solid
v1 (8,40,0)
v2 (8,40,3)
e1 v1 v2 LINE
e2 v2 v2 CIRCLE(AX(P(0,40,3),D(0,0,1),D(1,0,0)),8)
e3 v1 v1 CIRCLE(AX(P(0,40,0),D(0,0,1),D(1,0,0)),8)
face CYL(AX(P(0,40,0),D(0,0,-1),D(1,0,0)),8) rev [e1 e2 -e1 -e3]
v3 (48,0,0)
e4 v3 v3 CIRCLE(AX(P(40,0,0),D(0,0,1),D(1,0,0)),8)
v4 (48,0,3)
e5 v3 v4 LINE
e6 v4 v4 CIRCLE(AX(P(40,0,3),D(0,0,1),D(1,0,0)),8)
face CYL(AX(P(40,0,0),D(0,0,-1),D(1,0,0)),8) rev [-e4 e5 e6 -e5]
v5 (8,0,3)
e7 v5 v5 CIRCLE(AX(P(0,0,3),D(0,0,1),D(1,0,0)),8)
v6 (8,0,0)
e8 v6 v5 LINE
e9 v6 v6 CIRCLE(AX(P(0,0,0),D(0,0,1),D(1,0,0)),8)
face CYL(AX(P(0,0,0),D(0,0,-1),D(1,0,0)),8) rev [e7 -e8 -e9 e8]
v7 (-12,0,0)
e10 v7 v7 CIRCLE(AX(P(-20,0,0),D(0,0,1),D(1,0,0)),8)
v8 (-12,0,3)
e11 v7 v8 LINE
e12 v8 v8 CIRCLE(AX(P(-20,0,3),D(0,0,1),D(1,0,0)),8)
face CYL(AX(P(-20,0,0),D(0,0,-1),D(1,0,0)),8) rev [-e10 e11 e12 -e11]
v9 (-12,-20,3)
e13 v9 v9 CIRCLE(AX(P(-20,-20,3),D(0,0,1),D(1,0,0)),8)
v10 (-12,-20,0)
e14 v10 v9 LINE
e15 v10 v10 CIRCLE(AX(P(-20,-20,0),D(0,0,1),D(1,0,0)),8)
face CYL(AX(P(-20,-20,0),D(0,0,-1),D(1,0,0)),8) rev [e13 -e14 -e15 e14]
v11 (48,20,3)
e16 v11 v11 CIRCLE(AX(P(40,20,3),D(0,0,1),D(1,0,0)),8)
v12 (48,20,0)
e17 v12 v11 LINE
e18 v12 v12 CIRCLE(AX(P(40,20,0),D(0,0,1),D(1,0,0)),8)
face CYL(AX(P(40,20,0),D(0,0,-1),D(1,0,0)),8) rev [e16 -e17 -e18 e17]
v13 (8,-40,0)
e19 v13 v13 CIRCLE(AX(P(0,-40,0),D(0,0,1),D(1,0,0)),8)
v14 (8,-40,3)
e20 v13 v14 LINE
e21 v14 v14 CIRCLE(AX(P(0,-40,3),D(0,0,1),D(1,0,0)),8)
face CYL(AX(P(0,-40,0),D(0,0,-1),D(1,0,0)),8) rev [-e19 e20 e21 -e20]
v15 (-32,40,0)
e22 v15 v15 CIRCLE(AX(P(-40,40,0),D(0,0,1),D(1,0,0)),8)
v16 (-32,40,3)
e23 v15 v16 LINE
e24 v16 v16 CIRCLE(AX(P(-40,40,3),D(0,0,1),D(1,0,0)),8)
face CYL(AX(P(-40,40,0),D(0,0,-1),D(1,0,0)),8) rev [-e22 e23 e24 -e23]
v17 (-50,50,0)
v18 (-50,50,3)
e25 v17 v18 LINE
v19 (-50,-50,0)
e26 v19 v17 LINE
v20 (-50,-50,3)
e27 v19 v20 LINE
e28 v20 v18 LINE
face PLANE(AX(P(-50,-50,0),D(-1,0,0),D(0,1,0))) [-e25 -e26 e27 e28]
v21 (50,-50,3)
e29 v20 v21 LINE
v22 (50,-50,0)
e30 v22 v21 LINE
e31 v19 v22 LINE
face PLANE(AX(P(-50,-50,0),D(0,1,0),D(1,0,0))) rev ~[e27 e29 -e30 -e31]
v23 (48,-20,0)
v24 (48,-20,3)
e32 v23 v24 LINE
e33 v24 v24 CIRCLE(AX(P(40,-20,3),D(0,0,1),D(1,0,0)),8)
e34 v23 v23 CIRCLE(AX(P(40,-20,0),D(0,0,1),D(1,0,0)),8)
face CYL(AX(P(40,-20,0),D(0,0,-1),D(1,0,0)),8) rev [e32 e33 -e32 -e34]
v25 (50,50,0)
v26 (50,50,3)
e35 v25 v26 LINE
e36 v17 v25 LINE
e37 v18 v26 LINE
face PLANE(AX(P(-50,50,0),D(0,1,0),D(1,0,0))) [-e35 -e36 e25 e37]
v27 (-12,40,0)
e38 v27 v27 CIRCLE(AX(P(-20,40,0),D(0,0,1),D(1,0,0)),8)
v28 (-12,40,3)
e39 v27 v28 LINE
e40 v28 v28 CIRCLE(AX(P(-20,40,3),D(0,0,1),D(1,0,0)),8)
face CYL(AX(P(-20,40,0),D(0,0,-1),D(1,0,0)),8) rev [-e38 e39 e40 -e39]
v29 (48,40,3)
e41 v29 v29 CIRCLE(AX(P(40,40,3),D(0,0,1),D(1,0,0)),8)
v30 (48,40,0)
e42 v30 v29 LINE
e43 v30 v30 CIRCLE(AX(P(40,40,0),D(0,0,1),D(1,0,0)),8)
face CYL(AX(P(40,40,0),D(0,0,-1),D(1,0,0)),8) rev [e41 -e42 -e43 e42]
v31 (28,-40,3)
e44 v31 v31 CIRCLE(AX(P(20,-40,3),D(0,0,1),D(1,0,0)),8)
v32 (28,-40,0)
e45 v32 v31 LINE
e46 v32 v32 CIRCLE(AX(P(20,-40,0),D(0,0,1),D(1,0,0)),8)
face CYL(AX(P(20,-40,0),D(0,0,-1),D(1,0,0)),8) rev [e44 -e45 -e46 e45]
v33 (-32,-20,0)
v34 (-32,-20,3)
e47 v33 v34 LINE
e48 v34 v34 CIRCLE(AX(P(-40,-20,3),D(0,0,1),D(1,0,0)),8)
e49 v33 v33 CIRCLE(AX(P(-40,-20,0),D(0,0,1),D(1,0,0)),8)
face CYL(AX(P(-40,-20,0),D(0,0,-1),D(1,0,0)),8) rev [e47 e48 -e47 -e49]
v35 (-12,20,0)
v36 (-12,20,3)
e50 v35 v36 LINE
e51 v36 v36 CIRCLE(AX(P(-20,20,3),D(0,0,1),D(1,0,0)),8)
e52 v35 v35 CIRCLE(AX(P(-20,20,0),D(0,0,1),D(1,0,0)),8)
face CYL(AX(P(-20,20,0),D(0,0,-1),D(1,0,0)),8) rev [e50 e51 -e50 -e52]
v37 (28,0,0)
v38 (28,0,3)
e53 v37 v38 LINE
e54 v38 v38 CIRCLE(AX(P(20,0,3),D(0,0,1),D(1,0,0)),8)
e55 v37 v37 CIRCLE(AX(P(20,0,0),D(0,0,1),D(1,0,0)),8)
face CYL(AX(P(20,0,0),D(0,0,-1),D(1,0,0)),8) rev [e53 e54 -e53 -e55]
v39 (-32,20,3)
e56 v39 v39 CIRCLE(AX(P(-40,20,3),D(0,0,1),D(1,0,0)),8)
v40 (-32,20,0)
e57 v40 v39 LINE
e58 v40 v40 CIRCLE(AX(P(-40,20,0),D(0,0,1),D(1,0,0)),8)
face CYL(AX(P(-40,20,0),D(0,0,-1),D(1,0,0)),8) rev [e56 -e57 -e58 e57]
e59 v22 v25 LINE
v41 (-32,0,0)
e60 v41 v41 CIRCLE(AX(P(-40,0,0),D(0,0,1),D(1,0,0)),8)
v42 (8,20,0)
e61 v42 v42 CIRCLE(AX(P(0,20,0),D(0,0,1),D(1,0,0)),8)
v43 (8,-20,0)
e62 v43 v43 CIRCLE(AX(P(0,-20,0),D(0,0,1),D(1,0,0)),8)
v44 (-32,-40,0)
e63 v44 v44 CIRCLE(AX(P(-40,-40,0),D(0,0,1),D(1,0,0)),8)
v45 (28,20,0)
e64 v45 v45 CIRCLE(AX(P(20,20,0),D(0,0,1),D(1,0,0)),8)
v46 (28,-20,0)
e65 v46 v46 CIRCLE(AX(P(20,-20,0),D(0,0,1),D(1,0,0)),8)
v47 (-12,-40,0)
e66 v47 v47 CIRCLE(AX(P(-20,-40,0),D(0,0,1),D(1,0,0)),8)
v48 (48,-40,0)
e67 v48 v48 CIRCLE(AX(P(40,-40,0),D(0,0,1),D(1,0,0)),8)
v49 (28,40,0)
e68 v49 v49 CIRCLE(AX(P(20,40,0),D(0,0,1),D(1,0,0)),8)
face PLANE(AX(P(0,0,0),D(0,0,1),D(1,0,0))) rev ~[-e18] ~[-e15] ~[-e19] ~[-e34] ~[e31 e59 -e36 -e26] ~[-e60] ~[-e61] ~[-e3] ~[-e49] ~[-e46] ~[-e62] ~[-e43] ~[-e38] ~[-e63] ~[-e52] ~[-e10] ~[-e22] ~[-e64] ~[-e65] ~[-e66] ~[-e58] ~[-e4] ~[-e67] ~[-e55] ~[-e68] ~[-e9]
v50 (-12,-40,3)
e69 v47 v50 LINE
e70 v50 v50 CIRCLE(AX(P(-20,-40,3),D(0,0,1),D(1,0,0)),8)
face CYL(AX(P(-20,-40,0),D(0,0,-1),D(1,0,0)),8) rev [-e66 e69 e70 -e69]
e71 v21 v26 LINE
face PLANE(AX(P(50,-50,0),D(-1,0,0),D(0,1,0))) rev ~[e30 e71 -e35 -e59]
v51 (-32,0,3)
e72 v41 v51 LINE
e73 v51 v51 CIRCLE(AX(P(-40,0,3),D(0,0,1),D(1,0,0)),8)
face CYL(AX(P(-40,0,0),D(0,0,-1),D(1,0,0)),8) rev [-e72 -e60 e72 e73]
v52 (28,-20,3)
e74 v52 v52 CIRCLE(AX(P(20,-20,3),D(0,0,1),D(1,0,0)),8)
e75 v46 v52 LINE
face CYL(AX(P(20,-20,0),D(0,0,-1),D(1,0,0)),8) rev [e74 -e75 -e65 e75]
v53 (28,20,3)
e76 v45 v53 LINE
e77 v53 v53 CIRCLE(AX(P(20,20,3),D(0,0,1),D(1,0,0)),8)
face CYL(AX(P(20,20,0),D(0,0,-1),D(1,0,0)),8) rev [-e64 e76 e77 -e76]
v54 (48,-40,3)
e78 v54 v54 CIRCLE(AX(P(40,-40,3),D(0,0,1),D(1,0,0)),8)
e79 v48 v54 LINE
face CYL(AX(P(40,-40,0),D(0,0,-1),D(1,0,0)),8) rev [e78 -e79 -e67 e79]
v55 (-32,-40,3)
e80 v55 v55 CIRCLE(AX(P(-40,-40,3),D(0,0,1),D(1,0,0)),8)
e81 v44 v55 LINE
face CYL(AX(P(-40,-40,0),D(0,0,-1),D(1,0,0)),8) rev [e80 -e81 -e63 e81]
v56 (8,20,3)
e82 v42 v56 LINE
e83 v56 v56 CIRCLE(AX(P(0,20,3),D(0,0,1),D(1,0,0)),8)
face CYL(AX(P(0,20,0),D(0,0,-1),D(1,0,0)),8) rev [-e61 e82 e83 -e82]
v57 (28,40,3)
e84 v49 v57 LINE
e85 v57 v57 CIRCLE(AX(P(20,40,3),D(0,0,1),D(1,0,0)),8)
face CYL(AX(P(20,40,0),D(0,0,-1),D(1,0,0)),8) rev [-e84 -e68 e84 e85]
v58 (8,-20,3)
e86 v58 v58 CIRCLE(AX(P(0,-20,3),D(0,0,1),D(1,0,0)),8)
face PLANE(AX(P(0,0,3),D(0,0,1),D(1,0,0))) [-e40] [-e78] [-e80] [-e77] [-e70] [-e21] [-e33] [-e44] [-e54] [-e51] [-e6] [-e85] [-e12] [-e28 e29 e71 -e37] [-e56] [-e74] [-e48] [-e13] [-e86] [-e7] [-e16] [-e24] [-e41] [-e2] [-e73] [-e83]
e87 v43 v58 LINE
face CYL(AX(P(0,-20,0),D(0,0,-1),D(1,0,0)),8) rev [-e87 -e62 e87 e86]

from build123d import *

# Parameters (mm, degrees)
F0_W     = 100
F0_H     = 100
F0_R     = 8
F1_DEPTH = 3


with BuildPart() as f1:
    # F0 (on Top) → F1 (new body)
    with BuildSketch(Plane.XY):
        Rectangle(F0_W, F0_H)
        with Locations((-40, -40)):
            Circle(F0_R, mode=Mode.SUBTRACT)
        with Locations((-20, -40)):
            Circle(F0_R, mode=Mode.SUBTRACT)
        with Locations((-40, -20)):
            Circle(F0_R, mode=Mode.SUBTRACT)
        with Locations((-20, -20)):
            Circle(F0_R, mode=Mode.SUBTRACT)
        with Locations((0, -40)):
            Circle(F0_R, mode=Mode.SUBTRACT)
        with Locations((20, -40)):
            Circle(F0_R, mode=Mode.SUBTRACT)
        with Locations((40, -40)):
            Circle(F0_R, mode=Mode.SUBTRACT)
        with Locations((0, -20)):
            Circle(F0_R, mode=Mode.SUBTRACT)
        with Locations((20, -20)):
            Circle(F0_R, mode=Mode.SUBTRACT)
        with Locations((40, -20)):
            Circle(F0_R, mode=Mode.SUBTRACT)
        with Locations((-40, 0)):
            Circle(F0_R, mode=Mode.SUBTRACT)
        with Locations((-40, 20)):
            Circle(F0_R, mode=Mode.SUBTRACT)
        with Locations((-20, 0)):
            Circle(F0_R, mode=Mode.SUBTRACT)
        with Locations((-20, 20)):
            Circle(F0_R, mode=Mode.SUBTRACT)
        with Locations((-40, 40)):
            Circle(F0_R, mode=Mode.SUBTRACT)
        with Locations((-20, 40)):
            Circle(F0_R, mode=Mode.SUBTRACT)
        Circle(F0_R, mode=Mode.SUBTRACT)
        with Locations((20, 0)):
            Circle(F0_R, mode=Mode.SUBTRACT)
        with Locations((0, 20)):
            Circle(F0_R, mode=Mode.SUBTRACT)
        with Locations((20, 20)):
            Circle(F0_R, mode=Mode.SUBTRACT)
        with Locations((40, 0)):
            Circle(F0_R, mode=Mode.SUBTRACT)
        with Locations((40, 20)):
            Circle(F0_R, mode=Mode.SUBTRACT)
        with Locations((0, 40)):
            Circle(F0_R, mode=Mode.SUBTRACT)
        with Locations((20, 40)):
            Circle(F0_R, mode=Mode.SUBTRACT)
        with Locations((40, 40)):
            Circle(F0_R, mode=Mode.SUBTRACT)
    extrude(amount=F1_DEPTH)


solid = f1.part
